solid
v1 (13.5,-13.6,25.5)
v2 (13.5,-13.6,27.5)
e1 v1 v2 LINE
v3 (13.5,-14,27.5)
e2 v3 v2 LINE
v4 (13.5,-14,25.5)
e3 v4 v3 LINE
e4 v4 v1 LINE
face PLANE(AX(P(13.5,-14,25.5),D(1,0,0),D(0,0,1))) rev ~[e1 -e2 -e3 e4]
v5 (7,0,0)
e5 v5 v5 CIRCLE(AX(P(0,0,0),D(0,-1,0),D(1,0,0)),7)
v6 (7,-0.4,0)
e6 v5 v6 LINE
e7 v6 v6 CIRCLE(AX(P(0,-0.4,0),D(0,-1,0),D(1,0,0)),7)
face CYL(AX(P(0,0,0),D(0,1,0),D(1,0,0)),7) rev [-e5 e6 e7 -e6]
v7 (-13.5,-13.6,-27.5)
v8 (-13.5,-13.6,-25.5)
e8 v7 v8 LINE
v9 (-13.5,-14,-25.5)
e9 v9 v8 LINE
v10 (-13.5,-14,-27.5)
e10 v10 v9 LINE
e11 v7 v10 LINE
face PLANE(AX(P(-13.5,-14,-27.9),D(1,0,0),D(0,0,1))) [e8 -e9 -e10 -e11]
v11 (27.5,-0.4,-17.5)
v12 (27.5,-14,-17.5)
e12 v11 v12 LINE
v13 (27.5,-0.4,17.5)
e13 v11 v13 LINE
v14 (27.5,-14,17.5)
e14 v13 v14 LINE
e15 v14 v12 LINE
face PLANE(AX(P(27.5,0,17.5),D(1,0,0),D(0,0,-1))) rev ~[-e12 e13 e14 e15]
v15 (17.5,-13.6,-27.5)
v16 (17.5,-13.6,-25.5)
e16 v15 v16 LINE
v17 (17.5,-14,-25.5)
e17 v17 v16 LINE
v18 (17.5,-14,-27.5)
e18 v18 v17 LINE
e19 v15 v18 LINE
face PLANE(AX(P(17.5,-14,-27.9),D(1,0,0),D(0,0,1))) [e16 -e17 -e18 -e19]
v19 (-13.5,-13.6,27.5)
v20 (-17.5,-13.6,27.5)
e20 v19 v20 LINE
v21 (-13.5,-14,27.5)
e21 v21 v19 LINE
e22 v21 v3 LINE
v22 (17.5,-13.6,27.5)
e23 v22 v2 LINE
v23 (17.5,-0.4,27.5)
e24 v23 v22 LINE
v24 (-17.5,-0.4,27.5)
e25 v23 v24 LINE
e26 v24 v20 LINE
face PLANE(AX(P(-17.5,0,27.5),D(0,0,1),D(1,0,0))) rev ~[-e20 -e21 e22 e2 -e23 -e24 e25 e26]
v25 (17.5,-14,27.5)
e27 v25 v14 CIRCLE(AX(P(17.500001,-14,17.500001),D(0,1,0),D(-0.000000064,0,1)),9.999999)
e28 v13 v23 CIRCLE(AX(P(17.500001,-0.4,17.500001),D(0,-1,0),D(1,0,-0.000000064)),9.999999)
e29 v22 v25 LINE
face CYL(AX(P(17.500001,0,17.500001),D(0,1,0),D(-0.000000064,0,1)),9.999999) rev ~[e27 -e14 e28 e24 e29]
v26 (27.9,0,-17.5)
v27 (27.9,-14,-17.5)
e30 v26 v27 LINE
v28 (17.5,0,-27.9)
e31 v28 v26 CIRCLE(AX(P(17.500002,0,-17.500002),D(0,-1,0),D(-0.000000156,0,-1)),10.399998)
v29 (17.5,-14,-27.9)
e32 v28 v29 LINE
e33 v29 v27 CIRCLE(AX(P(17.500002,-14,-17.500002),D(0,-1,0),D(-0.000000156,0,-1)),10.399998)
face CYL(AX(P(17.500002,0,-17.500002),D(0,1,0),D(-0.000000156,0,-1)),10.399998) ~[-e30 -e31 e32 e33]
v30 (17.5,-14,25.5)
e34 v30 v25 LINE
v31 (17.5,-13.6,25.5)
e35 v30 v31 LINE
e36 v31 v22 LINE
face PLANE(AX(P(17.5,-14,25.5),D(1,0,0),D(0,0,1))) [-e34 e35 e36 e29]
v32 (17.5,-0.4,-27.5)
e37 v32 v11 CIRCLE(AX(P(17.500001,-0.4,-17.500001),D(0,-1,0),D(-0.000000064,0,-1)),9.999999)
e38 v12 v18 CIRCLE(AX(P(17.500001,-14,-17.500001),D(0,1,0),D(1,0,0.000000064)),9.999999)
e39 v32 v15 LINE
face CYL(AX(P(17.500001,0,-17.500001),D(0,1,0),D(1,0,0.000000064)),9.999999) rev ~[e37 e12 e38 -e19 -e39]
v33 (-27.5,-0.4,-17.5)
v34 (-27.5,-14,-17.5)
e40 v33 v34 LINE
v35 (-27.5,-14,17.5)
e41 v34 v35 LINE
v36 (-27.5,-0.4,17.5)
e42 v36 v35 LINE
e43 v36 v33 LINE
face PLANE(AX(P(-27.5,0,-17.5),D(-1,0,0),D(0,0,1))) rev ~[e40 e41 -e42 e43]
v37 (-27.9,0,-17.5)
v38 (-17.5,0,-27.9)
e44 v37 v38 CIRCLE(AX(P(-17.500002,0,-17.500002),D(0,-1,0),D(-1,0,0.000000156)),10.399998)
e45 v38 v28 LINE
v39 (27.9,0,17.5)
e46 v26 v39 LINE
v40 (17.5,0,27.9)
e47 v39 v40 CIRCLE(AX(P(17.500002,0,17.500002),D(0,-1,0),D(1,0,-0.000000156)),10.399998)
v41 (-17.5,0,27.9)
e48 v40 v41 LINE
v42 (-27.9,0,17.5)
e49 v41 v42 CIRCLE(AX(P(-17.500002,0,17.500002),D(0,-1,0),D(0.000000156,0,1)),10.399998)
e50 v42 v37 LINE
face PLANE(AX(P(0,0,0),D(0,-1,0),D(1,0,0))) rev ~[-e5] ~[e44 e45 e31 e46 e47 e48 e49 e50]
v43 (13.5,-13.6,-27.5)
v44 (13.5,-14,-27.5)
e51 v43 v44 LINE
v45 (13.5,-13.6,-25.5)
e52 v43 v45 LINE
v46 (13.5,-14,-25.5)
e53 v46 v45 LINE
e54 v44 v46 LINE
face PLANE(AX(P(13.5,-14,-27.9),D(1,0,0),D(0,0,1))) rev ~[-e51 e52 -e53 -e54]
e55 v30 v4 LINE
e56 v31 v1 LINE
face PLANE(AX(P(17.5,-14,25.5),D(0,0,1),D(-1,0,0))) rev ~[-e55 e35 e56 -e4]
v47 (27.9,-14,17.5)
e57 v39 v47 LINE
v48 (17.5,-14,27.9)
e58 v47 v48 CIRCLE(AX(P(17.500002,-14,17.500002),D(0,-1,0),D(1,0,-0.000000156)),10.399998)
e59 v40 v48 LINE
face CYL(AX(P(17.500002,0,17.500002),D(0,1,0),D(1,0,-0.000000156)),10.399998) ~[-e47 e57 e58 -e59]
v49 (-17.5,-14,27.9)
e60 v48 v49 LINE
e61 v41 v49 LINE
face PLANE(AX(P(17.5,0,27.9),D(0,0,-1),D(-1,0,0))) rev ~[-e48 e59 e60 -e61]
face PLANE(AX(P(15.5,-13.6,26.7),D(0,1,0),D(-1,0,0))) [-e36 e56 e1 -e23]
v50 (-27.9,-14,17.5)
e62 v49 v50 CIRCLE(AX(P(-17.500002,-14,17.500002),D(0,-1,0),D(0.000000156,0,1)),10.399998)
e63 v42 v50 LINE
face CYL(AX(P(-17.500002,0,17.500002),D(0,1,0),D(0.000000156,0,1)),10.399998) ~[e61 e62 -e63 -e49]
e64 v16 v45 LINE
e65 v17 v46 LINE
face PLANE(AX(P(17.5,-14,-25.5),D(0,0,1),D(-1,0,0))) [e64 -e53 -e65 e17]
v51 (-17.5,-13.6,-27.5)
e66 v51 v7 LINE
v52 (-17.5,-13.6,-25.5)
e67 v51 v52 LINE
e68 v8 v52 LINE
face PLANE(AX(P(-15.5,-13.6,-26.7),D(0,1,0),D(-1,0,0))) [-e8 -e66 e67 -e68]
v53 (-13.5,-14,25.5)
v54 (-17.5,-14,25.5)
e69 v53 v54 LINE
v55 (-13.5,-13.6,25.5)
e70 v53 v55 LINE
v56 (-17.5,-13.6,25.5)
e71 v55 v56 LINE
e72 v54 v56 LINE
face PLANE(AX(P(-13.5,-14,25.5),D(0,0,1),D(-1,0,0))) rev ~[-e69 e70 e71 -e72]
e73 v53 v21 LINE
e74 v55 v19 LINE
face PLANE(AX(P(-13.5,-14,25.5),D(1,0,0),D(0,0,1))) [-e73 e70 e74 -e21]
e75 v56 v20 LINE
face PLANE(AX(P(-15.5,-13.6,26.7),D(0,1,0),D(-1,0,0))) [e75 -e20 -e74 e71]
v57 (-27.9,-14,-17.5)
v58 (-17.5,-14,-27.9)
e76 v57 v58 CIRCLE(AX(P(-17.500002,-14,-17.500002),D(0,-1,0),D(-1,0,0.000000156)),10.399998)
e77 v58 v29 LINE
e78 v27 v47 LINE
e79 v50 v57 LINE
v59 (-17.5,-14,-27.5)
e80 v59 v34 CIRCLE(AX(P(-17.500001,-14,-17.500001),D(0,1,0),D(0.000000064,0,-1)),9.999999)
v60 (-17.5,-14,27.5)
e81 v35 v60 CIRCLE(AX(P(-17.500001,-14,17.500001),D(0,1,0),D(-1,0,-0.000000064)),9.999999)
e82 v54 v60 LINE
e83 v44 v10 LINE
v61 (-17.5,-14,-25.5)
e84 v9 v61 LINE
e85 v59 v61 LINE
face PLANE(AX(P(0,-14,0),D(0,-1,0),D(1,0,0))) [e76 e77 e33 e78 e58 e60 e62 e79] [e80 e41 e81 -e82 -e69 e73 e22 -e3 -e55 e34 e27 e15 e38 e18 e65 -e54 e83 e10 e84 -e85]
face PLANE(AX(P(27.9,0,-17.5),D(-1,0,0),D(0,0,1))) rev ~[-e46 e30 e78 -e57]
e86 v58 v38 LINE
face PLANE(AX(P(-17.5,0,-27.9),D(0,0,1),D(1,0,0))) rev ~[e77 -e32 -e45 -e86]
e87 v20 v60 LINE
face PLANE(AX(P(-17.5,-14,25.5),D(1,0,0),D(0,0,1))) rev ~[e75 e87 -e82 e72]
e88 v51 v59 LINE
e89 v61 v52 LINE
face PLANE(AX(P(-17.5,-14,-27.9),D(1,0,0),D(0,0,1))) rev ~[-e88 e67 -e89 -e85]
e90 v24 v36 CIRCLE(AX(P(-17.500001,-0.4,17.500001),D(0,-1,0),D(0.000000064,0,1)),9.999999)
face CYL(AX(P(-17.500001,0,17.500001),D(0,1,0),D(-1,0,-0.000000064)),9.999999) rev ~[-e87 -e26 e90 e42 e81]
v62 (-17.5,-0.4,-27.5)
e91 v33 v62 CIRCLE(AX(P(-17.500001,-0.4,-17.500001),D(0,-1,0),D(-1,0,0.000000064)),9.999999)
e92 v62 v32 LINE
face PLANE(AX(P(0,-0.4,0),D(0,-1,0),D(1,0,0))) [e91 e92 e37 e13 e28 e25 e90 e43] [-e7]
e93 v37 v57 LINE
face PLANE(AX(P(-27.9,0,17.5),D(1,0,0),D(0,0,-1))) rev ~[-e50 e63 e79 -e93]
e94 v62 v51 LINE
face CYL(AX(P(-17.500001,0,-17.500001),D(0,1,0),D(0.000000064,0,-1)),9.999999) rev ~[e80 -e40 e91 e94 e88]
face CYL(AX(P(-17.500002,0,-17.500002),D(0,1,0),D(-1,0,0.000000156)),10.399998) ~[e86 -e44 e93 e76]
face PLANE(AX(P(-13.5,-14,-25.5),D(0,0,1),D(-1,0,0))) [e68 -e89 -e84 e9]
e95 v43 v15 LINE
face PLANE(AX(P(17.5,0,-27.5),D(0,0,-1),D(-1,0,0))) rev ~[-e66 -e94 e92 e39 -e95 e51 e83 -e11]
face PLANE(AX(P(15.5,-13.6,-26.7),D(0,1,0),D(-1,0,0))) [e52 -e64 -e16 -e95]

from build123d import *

# Parameters (mm, degrees)
F0_R     = 7
F1_DEPTH = 0.4
F3_DEPTH = 14
F5_W     = 4
F5_H     = 2.4
F6_DEPTH = 0.4


with BuildPart() as f1:
    # F0 (on Front) → F1 (new body)
    with BuildSketch(Plane.XZ):
        with BuildLine():
            Line((-17.5, -27.5), (17.5, -27.5))
            ThreePointArc((17.5, -27.5), (24.571068, -24.571068), (27.5, -17.5))
            Line((27.5, -17.5), (27.5, 17.5))
            ThreePointArc((27.5, 17.5), (24.571068, 24.571068), (17.5, 27.5))
            Line((17.5, 27.5), (-17.5, 27.5))
            ThreePointArc((-17.5, 27.5), (-24.571068, 24.571068), (-27.5, 17.5))
            Line((-27.5, 17.5), (-27.5, -17.5))
            ThreePointArc((-27.5, -17.5), (-24.571068, -24.571068), (-17.5, -27.5))
        make_face()
        Circle(F0_R, mode=Mode.SUBTRACT)
    extrude(amount=F1_DEPTH)

    # F2 (on Front) → F3 (join)
    with BuildSketch(Plane.XZ):
        with BuildLine():
            ThreePointArc((27.9, 17.5), (24.853911, 24.853911), (17.5, 27.9))
            Line((17.5, 27.9), (-17.5, 27.9))
            ThreePointArc((-17.5, 27.9), (-24.853911, 24.853911), (-27.9, 17.5))
            Line((-27.9, 17.5), (-27.9, -17.5))
            ThreePointArc((-27.9, -17.5), (-24.853911, -24.853911), (-17.5, -27.9))
            Line((-17.5, -27.9), (17.5, -27.9))
            ThreePointArc((17.5, -27.9), (24.853911, -24.853911), (27.9, -17.5))
            Line((27.9, -17.5), (27.9, 17.5))
        make_face()
        with BuildLine():
            ThreePointArc((27.5, -17.5), (24.571068, -24.571068), (17.5, -27.5))
            Line((17.5, -27.5), (-17.5, -27.5))
            ThreePointArc((-17.5, -27.5), (-24.571068, -24.571068), (-27.5, -17.5))
            Line((-27.5, -17.5), (-27.5, 17.5))
            ThreePointArc((-27.5, 17.5), (-24.571068, 24.571068), (-17.5, 27.5))
            Line((-17.5, 27.5), (17.5, 27.5))
            ThreePointArc((17.5, 27.5), (24.571068, 24.571068), (27.5, 17.5))
            Line((27.5, 17.5), (27.5, -17.5))
        make_face(mode=Mode.SUBTRACT)
    extrude(amount=F3_DEPTH)

    # F5 (on face) → F6 (join)
    with BuildSketch(Plane(origin=(0, -14, 0), x_dir=(-1, 0, 0), z_dir=(0, 1, 0))):
        with Locations((-15.5, -26.7)):
            Rectangle(F5_W, F5_H)
        with Locations((15.5, -26.7)):
            Rectangle(F5_W, F5_H)
        with Locations((15.5, 26.7)):
            Rectangle(F5_W, F5_H)
        with Locations((-15.5, 26.7)):
            Rectangle(F5_W, F5_H)
    extrude(amount=F6_DEPTH)


solid = f1.part
